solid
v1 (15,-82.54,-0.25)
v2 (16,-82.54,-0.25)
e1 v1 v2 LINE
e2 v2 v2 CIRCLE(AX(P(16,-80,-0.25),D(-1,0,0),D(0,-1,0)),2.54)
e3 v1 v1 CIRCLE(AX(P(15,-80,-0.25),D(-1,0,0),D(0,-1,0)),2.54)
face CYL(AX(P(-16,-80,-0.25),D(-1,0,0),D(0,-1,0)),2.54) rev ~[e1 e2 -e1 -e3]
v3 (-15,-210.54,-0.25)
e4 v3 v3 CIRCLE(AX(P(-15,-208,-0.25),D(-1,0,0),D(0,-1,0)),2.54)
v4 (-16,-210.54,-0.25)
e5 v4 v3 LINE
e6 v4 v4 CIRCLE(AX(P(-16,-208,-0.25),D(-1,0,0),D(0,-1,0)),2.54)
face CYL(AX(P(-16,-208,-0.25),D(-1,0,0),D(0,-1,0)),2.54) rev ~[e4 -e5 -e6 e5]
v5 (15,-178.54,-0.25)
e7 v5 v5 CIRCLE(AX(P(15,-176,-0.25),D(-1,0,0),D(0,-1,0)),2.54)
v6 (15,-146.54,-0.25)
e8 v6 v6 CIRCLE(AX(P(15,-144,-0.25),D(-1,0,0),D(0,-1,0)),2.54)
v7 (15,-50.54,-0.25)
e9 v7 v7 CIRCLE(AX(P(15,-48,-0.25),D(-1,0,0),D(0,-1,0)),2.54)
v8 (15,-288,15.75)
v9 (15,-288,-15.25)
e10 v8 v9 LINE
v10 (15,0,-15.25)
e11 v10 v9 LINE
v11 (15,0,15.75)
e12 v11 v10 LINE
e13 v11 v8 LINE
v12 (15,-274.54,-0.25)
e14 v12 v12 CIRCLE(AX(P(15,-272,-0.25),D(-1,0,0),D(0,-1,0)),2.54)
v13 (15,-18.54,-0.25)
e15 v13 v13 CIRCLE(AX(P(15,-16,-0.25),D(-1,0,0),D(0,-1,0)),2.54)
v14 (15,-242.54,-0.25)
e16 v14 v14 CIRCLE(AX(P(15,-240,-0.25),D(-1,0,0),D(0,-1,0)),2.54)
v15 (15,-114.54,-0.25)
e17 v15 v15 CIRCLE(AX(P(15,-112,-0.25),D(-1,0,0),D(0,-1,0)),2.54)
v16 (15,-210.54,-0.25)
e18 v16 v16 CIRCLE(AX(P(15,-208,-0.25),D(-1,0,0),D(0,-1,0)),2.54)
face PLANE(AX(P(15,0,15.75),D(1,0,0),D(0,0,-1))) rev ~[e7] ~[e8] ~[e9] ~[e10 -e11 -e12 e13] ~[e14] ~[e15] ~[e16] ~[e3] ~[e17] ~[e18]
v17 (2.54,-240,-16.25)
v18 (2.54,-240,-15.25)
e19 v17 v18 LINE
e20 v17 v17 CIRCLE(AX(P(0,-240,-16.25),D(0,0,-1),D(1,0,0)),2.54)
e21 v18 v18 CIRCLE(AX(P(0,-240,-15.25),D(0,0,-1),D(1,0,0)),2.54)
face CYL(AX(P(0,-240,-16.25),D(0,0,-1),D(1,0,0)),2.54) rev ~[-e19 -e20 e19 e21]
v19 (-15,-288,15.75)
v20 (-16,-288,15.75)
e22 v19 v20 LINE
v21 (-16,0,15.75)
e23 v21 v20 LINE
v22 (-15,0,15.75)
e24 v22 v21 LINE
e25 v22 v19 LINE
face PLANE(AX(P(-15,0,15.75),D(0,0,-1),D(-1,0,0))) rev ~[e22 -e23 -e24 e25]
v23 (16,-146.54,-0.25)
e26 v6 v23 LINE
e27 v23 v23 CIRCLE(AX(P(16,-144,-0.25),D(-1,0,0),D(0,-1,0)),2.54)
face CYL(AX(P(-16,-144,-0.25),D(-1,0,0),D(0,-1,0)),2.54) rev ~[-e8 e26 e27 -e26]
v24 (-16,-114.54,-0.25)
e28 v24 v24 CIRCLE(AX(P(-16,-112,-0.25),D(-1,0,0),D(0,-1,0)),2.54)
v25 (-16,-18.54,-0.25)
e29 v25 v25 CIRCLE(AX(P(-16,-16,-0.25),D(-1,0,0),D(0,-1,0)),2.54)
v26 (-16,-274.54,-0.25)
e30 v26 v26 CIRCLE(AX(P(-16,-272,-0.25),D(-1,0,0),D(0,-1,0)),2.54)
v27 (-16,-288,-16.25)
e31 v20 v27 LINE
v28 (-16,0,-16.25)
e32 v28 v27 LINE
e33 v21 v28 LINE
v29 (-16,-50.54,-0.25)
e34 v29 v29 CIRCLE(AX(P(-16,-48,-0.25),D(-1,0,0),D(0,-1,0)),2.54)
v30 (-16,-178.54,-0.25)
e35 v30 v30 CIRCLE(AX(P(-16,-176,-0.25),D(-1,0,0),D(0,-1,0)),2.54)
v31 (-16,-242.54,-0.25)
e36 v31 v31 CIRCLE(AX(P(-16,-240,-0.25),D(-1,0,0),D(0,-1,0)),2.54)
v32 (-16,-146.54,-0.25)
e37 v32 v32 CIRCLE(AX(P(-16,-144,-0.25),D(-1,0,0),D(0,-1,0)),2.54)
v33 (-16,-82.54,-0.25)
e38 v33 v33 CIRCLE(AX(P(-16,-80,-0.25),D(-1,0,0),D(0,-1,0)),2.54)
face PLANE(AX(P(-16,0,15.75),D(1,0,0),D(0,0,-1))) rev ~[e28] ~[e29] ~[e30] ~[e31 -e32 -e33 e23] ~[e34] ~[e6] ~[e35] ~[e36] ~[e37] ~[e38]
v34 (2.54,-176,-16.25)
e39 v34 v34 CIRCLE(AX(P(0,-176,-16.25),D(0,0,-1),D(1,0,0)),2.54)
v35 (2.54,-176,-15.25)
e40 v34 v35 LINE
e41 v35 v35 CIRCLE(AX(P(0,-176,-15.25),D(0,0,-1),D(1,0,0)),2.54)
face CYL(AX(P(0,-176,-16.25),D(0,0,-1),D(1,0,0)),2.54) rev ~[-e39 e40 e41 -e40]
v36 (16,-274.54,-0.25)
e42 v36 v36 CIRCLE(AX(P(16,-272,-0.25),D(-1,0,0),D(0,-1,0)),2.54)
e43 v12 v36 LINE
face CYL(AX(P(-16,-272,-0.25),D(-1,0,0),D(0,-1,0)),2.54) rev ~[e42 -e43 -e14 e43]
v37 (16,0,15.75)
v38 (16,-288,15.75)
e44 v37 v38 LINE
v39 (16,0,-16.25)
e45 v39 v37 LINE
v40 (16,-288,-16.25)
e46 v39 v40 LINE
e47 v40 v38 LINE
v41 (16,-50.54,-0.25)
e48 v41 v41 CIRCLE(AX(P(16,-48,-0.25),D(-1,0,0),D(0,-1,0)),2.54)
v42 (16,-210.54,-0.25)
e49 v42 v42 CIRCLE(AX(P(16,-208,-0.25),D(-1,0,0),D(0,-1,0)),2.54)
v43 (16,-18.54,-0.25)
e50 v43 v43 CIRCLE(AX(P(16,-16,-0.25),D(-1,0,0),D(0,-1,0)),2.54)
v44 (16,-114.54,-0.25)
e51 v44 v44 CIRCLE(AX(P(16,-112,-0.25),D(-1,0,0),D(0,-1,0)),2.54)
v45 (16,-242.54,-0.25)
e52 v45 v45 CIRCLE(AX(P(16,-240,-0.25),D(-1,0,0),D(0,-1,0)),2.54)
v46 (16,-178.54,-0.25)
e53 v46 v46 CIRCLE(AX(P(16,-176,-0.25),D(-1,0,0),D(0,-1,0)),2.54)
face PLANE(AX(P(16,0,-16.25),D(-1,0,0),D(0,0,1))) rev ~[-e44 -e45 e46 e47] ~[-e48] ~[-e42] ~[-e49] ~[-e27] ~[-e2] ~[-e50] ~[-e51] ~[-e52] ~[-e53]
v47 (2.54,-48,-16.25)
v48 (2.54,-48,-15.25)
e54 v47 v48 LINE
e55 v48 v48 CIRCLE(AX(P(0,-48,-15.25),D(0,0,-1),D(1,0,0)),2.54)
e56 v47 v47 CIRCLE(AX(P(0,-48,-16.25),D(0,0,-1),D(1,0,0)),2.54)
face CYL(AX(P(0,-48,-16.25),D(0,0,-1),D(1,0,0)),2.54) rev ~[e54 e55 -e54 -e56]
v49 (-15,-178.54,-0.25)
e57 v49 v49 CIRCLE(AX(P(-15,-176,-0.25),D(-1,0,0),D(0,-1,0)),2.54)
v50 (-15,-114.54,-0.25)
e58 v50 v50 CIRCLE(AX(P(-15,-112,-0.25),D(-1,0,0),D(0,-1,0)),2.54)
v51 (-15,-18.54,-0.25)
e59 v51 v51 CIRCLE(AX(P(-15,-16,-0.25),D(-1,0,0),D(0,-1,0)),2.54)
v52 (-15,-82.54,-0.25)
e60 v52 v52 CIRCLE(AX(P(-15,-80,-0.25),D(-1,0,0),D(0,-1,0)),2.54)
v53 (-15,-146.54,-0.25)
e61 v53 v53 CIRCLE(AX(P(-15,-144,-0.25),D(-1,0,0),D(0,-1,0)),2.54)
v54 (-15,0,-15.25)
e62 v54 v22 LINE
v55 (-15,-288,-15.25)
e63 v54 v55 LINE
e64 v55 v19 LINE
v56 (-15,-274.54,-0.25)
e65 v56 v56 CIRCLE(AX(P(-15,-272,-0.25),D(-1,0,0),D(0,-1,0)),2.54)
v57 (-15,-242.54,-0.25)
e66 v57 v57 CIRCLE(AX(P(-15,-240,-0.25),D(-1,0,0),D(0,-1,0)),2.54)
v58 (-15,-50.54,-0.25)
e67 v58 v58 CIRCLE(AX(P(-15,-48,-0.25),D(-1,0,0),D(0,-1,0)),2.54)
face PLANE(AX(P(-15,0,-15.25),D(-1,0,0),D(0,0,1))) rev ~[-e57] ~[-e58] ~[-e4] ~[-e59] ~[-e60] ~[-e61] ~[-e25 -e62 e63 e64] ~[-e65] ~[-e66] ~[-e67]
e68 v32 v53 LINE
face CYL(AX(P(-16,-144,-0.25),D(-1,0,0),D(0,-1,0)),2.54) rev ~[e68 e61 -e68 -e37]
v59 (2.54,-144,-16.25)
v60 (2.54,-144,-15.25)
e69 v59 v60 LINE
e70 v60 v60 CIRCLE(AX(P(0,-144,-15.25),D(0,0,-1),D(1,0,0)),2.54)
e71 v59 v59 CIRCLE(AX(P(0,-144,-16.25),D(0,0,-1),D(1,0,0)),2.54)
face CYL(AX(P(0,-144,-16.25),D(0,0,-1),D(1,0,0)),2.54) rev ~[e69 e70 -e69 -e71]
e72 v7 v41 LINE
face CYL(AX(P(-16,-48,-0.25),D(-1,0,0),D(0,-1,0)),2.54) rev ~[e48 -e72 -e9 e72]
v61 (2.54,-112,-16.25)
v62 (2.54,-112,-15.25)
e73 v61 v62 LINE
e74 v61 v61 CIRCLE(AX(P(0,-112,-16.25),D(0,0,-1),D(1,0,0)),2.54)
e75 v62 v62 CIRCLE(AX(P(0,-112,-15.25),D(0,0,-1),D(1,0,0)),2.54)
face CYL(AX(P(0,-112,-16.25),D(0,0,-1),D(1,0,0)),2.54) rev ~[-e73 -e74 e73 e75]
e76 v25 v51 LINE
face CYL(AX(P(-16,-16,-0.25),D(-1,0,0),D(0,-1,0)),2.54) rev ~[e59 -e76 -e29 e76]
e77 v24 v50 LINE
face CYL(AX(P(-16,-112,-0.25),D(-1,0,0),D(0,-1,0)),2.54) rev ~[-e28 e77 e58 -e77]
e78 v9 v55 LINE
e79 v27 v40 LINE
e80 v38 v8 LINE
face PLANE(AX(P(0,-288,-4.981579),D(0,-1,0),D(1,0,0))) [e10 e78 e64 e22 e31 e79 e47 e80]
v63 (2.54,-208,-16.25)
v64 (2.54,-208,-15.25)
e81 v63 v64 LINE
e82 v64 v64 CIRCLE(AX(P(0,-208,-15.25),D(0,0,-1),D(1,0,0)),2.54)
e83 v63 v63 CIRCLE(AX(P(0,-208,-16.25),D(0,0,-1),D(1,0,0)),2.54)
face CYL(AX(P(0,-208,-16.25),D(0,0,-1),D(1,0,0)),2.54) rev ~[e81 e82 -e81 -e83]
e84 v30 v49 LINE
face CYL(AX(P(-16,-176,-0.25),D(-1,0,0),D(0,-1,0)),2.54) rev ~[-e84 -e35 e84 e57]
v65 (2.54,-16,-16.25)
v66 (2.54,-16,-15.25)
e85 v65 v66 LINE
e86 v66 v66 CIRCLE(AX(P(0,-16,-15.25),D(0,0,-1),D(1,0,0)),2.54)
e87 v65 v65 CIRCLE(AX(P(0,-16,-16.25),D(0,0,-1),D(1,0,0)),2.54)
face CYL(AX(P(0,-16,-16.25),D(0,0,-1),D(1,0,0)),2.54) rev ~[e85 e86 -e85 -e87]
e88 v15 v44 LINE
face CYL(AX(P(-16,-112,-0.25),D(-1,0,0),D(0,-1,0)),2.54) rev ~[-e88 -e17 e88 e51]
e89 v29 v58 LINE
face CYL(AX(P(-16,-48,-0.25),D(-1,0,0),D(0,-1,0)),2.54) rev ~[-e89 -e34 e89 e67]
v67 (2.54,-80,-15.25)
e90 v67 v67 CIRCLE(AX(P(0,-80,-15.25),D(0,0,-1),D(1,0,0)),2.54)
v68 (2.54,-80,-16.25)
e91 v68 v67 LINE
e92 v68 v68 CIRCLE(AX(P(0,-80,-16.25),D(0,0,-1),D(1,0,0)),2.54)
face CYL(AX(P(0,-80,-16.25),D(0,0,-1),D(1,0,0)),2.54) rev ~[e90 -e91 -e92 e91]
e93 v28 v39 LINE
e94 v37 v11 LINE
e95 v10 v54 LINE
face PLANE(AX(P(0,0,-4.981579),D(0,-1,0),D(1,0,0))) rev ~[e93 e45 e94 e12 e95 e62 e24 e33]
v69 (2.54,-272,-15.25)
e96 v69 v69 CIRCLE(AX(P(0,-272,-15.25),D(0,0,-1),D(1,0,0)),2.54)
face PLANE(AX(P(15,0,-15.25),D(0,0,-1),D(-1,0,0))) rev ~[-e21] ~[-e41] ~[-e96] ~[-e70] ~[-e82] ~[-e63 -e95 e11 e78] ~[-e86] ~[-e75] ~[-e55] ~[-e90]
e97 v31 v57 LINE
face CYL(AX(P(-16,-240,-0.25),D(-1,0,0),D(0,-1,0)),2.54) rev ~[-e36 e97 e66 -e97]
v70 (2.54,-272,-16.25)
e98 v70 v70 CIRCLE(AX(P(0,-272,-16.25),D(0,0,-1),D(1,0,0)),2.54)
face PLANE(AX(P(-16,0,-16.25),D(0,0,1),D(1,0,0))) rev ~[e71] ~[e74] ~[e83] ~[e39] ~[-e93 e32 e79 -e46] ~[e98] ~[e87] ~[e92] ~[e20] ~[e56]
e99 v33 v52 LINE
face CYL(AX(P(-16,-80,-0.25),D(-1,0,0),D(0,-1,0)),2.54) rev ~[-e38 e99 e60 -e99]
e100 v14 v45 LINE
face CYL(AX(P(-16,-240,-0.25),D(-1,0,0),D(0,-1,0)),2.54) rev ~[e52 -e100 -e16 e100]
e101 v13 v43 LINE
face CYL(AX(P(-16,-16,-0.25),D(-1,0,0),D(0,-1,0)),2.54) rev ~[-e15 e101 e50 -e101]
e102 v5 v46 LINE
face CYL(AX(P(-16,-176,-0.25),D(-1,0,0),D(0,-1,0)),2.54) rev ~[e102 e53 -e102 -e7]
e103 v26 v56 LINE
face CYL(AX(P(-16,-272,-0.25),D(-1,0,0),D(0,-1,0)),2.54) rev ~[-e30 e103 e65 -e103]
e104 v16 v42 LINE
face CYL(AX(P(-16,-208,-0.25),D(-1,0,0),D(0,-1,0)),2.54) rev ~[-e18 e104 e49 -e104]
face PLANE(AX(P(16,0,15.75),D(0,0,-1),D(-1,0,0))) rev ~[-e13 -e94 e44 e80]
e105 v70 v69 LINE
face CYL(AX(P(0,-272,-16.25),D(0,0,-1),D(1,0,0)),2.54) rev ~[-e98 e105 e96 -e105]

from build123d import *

# Parameters (mm, degrees)
F1_DEPTH = 288
F2_R     = 2.54
F3_DEPTH = 50.8
F4_R     = 2.54
F5_DEPTH = 25.4


with BuildPart() as f1:
    # F0 (on Front) → F1 (new body)
    with BuildSketch(Plane.XZ):
        Polygon((-15, 15.75), (-16, 15.75), (-16, -16.25), (16, -16.25), (16, 15.75), (15, 15.75), (15, -15.25), (-15, -15.25), align=None)
    extrude(amount=F1_DEPTH)

    # F2 (on face) → F3 (cut)
    with BuildSketch(Plane(origin=(-16, 0, 0), x_dir=(0, -1, 0), z_dir=(-1, 0, 0))):
        with Locations((16, -0.25)):
            Circle(F2_R)
        with Locations((48, -0.25)):
            Circle(F2_R)
        with Locations((80, -0.25)):
            Circle(F2_R)
        with Locations((112, -0.25)):
            Circle(F2_R)
        with Locations((144, -0.25)):
            Circle(F2_R)
        with Locations((176, -0.25)):
            Circle(F2_R)
        with Locations((208, -0.25)):
            Circle(F2_R)
        with Locations((240, -0.25)):
            Circle(F2_R)
        with Locations((272, -0.25)):
            Circle(F2_R)
    extrude(amount=-F3_DEPTH, mode=Mode.SUBTRACT)

    # F4 (on face) → F5 (cut)
    with BuildSketch(Plane(origin=(0, 0, -16.25), x_dir=(1, 0, 0), z_dir=(0, 0, -1))):
        with Locations((0, 272)):
            Circle(F4_R)
        with Locations((0, 240)):
            Circle(F4_R)
        with Locations((0, 208)):
            Circle(F4_R)
        with Locations((0, 176)):
            Circle(F4_R)
        with Locations((0, 144)):
            Circle(F4_R)
        with Locations((0, 112)):
            Circle(F4_R)
        with Locations((0, 80)):
            Circle(F4_R)
        with Locations((0, 48)):
            Circle(F4_R)
        with Locations((0, 16)):
            Circle(F4_R)
    extrude(amount=-F5_DEPTH, mode=Mode.SUBTRACT)


solid = f1.part
